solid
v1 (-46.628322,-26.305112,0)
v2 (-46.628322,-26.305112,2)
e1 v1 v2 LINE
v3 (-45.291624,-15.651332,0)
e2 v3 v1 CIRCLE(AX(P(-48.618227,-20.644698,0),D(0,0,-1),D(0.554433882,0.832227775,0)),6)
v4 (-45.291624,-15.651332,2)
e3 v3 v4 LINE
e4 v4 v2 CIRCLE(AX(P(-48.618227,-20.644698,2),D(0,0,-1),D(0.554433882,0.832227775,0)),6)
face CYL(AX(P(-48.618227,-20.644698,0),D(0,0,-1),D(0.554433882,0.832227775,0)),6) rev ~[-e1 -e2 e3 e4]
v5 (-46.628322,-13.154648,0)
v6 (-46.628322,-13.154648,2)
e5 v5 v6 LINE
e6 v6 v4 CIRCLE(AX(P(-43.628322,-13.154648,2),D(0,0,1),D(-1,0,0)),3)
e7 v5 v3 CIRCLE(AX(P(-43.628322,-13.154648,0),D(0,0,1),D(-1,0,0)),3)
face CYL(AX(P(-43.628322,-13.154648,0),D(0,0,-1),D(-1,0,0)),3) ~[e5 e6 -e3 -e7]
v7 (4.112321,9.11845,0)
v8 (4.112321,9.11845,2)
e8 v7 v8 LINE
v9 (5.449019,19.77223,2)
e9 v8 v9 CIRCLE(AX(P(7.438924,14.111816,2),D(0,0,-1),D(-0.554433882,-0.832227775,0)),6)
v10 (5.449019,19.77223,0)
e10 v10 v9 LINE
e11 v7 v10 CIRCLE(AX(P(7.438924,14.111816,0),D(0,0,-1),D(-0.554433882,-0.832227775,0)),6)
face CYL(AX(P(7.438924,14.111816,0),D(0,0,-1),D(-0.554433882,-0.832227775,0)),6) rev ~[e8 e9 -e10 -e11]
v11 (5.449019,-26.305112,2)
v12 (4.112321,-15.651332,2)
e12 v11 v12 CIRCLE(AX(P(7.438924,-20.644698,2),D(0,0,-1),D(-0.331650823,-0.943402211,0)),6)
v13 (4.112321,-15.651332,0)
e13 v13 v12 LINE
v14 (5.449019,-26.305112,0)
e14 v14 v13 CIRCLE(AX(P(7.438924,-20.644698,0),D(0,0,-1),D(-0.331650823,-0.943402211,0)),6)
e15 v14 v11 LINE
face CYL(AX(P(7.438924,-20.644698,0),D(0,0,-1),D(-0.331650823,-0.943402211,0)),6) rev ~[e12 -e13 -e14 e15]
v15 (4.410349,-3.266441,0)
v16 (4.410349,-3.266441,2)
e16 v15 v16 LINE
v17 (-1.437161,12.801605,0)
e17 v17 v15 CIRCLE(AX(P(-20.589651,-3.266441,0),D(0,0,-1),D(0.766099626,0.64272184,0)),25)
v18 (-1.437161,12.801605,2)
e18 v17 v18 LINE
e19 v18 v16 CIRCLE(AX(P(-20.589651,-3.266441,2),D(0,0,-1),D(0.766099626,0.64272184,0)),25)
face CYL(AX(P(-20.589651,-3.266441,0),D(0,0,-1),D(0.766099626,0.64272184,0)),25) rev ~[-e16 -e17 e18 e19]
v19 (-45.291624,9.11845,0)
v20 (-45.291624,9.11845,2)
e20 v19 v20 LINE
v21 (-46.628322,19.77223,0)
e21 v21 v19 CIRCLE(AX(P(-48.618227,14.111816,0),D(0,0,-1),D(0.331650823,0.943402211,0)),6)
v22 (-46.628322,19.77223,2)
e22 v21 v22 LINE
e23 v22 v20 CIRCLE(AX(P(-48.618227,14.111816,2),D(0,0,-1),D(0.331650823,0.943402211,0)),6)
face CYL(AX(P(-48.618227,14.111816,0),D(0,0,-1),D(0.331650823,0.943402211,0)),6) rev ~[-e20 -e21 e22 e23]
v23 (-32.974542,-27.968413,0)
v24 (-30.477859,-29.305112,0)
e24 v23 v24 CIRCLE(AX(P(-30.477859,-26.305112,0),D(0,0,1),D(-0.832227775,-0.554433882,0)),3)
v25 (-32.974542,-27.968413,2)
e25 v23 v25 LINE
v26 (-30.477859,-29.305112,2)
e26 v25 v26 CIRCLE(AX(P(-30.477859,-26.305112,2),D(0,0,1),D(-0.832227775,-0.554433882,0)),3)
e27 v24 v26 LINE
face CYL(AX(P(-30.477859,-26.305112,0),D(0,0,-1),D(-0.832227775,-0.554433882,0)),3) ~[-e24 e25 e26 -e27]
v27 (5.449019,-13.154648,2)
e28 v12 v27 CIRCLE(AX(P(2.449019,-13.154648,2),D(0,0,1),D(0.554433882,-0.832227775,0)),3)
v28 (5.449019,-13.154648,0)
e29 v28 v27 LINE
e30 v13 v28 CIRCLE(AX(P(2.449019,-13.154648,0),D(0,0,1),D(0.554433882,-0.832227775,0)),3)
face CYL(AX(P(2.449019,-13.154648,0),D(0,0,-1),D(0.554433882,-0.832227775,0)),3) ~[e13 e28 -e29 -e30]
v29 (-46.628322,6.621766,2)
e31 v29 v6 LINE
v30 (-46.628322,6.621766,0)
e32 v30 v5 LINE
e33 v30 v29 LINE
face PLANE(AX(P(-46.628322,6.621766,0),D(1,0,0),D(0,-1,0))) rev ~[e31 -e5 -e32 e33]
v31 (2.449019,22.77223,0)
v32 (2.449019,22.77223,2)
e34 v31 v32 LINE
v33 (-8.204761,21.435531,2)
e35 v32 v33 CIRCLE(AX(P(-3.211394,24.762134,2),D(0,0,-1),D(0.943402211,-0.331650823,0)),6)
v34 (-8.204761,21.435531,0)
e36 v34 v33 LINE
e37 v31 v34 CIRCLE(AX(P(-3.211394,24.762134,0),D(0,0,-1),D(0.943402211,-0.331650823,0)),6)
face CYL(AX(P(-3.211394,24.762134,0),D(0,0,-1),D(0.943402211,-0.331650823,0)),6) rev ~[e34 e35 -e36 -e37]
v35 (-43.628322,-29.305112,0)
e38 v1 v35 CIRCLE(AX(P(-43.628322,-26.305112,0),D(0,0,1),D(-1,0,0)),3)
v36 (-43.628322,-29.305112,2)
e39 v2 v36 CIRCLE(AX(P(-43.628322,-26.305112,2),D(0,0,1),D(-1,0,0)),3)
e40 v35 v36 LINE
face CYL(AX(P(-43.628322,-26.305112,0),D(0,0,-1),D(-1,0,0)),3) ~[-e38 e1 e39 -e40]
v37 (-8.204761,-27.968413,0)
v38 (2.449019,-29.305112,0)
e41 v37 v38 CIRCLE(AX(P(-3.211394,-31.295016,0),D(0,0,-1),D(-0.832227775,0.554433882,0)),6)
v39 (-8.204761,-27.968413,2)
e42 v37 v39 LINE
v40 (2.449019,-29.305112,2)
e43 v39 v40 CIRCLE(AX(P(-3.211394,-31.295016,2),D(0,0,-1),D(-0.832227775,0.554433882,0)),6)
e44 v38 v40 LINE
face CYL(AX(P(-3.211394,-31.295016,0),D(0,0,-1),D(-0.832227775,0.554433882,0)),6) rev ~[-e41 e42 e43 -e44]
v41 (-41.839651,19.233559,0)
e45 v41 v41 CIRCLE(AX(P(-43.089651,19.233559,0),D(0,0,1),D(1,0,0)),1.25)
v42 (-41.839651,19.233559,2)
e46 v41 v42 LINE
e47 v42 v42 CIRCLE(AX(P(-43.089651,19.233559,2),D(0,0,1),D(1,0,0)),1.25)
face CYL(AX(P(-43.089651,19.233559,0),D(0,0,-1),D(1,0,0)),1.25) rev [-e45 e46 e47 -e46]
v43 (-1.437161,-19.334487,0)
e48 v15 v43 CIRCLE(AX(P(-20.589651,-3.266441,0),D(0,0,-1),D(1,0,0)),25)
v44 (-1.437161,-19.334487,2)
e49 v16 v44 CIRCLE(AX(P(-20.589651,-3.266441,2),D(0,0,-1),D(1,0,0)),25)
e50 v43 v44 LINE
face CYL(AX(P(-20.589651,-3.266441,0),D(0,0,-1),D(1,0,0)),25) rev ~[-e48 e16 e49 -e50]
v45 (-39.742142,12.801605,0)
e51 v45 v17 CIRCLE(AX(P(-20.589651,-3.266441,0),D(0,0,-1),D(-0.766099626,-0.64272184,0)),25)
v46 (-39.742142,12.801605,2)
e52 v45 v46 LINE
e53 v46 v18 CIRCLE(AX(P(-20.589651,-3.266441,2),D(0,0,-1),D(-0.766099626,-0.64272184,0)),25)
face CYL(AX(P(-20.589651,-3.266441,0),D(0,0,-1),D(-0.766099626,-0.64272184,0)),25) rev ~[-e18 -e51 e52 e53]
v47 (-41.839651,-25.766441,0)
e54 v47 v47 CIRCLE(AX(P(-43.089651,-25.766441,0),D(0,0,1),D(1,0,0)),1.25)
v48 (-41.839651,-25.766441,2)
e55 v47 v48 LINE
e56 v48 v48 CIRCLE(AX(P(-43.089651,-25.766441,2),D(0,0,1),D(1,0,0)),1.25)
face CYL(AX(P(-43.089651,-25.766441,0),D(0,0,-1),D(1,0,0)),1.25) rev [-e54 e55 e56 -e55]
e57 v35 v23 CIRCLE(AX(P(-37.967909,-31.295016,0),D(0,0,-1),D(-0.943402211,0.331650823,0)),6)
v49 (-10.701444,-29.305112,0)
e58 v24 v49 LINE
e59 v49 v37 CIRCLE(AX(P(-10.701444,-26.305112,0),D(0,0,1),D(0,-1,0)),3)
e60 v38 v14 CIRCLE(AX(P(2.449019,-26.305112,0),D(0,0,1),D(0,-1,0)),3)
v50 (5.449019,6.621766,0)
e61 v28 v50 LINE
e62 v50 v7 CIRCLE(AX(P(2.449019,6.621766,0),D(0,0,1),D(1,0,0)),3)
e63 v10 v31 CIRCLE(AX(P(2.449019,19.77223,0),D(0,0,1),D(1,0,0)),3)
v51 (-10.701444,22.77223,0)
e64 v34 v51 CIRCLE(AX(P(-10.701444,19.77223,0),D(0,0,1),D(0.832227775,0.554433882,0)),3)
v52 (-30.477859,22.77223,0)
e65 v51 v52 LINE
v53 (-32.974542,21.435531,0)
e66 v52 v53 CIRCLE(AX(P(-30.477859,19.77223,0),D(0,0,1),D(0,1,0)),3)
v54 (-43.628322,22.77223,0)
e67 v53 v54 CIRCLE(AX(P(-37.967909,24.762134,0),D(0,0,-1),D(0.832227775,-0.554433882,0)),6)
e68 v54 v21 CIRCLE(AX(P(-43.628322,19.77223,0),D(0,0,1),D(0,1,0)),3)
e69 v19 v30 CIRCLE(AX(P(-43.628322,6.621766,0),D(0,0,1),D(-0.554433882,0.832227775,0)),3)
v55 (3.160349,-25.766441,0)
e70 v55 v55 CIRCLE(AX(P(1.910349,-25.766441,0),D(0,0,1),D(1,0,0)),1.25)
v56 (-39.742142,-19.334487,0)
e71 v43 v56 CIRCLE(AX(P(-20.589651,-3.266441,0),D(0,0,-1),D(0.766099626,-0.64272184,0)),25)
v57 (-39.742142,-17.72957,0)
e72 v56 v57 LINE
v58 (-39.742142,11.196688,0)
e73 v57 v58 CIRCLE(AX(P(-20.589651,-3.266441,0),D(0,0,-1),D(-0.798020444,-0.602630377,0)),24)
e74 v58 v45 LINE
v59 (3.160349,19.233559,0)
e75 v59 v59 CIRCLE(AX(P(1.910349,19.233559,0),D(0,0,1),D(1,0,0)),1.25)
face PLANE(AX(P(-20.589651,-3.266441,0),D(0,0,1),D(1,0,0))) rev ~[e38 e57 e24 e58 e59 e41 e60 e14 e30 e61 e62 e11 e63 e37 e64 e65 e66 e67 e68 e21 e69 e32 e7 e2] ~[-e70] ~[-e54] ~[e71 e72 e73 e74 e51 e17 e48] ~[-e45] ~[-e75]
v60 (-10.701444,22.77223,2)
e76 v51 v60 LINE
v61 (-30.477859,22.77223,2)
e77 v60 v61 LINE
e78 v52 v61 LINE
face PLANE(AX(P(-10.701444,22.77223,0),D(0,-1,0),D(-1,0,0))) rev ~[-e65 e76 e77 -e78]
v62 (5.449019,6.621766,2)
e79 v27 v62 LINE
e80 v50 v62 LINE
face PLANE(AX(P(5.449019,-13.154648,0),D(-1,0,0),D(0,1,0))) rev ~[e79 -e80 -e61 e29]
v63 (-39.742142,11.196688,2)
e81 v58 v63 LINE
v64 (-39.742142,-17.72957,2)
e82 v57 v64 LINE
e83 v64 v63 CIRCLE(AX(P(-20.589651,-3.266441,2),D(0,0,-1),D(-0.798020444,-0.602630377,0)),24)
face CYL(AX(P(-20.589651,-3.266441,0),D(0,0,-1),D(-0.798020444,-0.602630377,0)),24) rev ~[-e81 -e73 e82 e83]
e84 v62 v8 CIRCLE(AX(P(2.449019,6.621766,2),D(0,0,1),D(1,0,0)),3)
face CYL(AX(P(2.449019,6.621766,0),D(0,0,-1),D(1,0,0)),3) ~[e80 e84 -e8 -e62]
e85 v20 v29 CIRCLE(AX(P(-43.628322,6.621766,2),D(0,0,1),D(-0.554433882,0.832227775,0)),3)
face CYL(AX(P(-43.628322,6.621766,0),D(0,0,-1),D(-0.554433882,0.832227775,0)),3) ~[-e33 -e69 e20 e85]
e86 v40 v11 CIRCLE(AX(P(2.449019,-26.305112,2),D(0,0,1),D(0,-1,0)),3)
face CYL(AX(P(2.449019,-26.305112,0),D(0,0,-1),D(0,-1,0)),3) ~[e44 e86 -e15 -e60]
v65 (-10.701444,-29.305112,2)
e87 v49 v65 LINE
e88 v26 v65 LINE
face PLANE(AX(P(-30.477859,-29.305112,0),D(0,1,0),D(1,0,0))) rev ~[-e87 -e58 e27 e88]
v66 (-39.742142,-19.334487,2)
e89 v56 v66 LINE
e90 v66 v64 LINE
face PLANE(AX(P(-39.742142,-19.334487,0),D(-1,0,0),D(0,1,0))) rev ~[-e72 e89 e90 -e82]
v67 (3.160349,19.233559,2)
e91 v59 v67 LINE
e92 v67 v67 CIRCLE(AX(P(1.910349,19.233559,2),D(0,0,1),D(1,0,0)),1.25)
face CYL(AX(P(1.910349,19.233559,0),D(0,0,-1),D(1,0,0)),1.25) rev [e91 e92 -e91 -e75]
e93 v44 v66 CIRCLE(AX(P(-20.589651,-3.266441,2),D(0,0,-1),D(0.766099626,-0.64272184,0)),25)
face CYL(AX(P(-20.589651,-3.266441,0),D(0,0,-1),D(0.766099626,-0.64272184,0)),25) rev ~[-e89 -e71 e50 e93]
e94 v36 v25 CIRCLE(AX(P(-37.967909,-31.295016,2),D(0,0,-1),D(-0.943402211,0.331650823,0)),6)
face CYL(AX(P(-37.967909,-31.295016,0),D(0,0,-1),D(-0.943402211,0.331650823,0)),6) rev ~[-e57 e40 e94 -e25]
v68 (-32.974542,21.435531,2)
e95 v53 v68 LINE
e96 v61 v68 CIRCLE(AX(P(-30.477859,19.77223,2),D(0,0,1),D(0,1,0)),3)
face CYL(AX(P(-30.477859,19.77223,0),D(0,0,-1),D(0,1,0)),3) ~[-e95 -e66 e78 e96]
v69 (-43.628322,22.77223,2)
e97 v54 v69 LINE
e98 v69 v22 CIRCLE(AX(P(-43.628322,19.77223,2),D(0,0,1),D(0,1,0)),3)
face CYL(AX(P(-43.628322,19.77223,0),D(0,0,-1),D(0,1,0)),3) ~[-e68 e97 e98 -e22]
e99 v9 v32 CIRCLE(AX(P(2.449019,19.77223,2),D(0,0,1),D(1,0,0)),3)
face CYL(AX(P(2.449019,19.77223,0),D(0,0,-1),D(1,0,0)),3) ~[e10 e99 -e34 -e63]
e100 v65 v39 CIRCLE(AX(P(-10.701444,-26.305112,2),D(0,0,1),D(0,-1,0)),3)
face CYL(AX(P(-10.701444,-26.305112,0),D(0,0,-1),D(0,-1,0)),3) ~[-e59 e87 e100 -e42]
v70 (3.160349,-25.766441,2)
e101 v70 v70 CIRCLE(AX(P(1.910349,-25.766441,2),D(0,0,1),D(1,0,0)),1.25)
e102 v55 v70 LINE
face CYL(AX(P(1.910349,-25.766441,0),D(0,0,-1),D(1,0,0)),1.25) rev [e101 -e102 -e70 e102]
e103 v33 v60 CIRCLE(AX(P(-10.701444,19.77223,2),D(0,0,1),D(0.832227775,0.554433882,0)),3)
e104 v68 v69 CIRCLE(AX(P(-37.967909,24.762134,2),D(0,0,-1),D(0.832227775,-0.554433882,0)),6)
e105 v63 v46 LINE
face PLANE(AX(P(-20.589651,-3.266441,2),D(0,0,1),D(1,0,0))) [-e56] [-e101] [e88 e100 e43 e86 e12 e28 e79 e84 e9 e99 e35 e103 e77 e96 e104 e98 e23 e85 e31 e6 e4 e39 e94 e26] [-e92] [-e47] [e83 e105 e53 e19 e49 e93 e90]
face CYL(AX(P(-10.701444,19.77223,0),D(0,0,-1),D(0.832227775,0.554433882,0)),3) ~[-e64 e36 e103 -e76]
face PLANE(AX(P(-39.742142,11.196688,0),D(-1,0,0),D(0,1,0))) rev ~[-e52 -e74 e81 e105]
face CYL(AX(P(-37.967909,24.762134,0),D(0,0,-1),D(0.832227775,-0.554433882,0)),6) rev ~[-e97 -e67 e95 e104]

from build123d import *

# Parameters (mm, degrees)
F0_R     = 1.25
F1_DEPTH = 2


with BuildPart() as f1:
    # F0 (on Top) → F1 (new body)
    with BuildSketch(Plane.XY):
        with BuildLine():
            ThreePointArc((-8.2047607498, 21.4355311841), (-9.285447067, 22.4170267829), (-10.7014440761, 22.7722295374))
            Line((-10.7014440761, 22.7722295374), (-30.4778586684, 22.7722295374))
            ThreePointArc((-30.4778586684, 22.7722295374), (-31.8938556775, 22.4170267829), (-32.9745419947, 21.4355311841))
            ThreePointArc((-32.9745419947, 21.4355311841), (-38.714854708, 18.8088100634), (-43.6283219121, 22.7722295374))
            ThreePointArc((-43.6283219121, 22.7722295374), (-45.7496422557, 21.8935498809), (-46.6283219121, 19.7722295374))
            ThreePointArc((-46.6283219121, 19.7722295374), (-42.6649024381, 14.8587623333), (-45.2916235589, 9.11844962))
            ThreePointArc((-45.2916235589, 9.11844962), (-46.2731191577, 8.0377633028), (-46.6283219121, 6.6217662936))
            Line((-46.6283219121, 6.6217662936), (-46.6283219121, -13.1546482986))
            ThreePointArc((-46.6283219121, -13.1546482986), (-46.2731191577, -14.5706453077), (-45.2916235589, -15.6513316249))
            ThreePointArc((-45.2916235589, -15.6513316249), (-42.6649024381, -21.3916443382), (-46.6283219121, -26.3051115423))
            ThreePointArc((-46.6283219121, -26.3051115423), (-45.7496422557, -28.4264318859), (-43.6283219121, -29.3051115423))
            ThreePointArc((-43.6283219121, -29.3051115423), (-38.714854708, -25.3416920683), (-32.9745419947, -27.9684131891))
            ThreePointArc((-32.9745419947, -27.9684131891), (-31.8938556775, -28.9499087879), (-30.4778586684, -29.3051115423))
            Line((-30.4778586684, -29.3051115423), (-10.7014440761, -29.3051115423))
            ThreePointArc((-10.7014440761, -29.3051115423), (-9.285447067, -28.9499087879), (-8.2047607498, -27.9684131891))
            ThreePointArc((-8.2047607498, -27.9684131891), (-2.4644480365, -25.3416920683), (2.4490191676, -29.3051115423))
            ThreePointArc((2.4490191676, -29.3051115423), (4.5703395111, -28.4264318859), (5.4490191676, -26.3051115423))
            ThreePointArc((5.4490191676, -26.3051115423), (1.4855996936, -21.3916443382), (4.1123208143, -15.6513316249))
            ThreePointArc((4.1123208143, -15.6513316249), (5.0938164131, -14.5706453077), (5.4490191676, -13.1546482986))
            Line((5.4490191676, -13.1546482986), (5.4490191676, 6.6217662936))
            ThreePointArc((5.4490191676, 6.6217662936), (5.0938164131, 8.0377633028), (4.1123208143, 9.11844962))
            ThreePointArc((4.1123208143, 9.11844962), (1.4855996936, 14.8587623333), (5.4490191676, 19.7722295374))
            ThreePointArc((5.4490191676, 19.7722295374), (4.5703395111, 21.8935498809), (2.4490191676, 22.7722295374))
            ThreePointArc((2.4490191676, 22.7722295374), (-2.4644480365, 18.8088100634), (-8.2047607498, 21.4355311841))
        make_face()
        with Locations((-43.0896513723, -25.7664410025)):
            Circle(F0_R, mode=Mode.SUBTRACT)
        with Locations((1.9103486277, -25.7664410025)):
            Circle(F0_R, mode=Mode.SUBTRACT)
        with Locations((-43.0896513723, 19.2335589975)):
            Circle(F0_R, mode=Mode.SUBTRACT)
        with BuildLine():
            ThreePointArc((-1.4371607243, 12.8016049888), (2.9030311714, 5.2830541229), (4.4103486277, -3.2664410025))
            ThreePointArc((4.4103486277, -3.2664410025), (2.9030311714, -11.8159361279), (-1.4371607243, -19.3344869937))
            ThreePointArc((-1.4371607243, -19.3344869937), (-20.5896513723, -28.2664410025), (-39.7421420203, -19.3344869937))
            ThreePointArc((-39.7421420203, -19.3344869937), (-45.5896513723, -3.2664410025), (-39.7421420203, 12.8016049888))
            ThreePointArc((-39.7421420203, 12.8016049888), (-20.5896513723, 21.7335589975), (-1.4371607243, 12.8016049888))
        make_face(mode=Mode.SUBTRACT)
        with Locations((1.9103486277, 19.2335589975)):
            Circle(F0_R, mode=Mode.SUBTRACT)
        with BuildLine():
            Line((-39.7421420203, 11.1966880496), (-39.7421420203, 12.8016049888))
            ThreePointArc((-39.7421420203, 12.8016049888), (-45.5896513723, -3.2664410025), (-39.7421420203, -19.3344869937))
            Line((-39.7421420203, -19.3344869937), (-39.7421420203, -17.7295700546))
            ThreePointArc((-39.7421420203, -17.7295700546), (-44.5896513723, -3.2664410025), (-39.7421420203, 11.1966880496))
        make_face()
    extrude(amount=F1_DEPTH)


solid = f1.part
